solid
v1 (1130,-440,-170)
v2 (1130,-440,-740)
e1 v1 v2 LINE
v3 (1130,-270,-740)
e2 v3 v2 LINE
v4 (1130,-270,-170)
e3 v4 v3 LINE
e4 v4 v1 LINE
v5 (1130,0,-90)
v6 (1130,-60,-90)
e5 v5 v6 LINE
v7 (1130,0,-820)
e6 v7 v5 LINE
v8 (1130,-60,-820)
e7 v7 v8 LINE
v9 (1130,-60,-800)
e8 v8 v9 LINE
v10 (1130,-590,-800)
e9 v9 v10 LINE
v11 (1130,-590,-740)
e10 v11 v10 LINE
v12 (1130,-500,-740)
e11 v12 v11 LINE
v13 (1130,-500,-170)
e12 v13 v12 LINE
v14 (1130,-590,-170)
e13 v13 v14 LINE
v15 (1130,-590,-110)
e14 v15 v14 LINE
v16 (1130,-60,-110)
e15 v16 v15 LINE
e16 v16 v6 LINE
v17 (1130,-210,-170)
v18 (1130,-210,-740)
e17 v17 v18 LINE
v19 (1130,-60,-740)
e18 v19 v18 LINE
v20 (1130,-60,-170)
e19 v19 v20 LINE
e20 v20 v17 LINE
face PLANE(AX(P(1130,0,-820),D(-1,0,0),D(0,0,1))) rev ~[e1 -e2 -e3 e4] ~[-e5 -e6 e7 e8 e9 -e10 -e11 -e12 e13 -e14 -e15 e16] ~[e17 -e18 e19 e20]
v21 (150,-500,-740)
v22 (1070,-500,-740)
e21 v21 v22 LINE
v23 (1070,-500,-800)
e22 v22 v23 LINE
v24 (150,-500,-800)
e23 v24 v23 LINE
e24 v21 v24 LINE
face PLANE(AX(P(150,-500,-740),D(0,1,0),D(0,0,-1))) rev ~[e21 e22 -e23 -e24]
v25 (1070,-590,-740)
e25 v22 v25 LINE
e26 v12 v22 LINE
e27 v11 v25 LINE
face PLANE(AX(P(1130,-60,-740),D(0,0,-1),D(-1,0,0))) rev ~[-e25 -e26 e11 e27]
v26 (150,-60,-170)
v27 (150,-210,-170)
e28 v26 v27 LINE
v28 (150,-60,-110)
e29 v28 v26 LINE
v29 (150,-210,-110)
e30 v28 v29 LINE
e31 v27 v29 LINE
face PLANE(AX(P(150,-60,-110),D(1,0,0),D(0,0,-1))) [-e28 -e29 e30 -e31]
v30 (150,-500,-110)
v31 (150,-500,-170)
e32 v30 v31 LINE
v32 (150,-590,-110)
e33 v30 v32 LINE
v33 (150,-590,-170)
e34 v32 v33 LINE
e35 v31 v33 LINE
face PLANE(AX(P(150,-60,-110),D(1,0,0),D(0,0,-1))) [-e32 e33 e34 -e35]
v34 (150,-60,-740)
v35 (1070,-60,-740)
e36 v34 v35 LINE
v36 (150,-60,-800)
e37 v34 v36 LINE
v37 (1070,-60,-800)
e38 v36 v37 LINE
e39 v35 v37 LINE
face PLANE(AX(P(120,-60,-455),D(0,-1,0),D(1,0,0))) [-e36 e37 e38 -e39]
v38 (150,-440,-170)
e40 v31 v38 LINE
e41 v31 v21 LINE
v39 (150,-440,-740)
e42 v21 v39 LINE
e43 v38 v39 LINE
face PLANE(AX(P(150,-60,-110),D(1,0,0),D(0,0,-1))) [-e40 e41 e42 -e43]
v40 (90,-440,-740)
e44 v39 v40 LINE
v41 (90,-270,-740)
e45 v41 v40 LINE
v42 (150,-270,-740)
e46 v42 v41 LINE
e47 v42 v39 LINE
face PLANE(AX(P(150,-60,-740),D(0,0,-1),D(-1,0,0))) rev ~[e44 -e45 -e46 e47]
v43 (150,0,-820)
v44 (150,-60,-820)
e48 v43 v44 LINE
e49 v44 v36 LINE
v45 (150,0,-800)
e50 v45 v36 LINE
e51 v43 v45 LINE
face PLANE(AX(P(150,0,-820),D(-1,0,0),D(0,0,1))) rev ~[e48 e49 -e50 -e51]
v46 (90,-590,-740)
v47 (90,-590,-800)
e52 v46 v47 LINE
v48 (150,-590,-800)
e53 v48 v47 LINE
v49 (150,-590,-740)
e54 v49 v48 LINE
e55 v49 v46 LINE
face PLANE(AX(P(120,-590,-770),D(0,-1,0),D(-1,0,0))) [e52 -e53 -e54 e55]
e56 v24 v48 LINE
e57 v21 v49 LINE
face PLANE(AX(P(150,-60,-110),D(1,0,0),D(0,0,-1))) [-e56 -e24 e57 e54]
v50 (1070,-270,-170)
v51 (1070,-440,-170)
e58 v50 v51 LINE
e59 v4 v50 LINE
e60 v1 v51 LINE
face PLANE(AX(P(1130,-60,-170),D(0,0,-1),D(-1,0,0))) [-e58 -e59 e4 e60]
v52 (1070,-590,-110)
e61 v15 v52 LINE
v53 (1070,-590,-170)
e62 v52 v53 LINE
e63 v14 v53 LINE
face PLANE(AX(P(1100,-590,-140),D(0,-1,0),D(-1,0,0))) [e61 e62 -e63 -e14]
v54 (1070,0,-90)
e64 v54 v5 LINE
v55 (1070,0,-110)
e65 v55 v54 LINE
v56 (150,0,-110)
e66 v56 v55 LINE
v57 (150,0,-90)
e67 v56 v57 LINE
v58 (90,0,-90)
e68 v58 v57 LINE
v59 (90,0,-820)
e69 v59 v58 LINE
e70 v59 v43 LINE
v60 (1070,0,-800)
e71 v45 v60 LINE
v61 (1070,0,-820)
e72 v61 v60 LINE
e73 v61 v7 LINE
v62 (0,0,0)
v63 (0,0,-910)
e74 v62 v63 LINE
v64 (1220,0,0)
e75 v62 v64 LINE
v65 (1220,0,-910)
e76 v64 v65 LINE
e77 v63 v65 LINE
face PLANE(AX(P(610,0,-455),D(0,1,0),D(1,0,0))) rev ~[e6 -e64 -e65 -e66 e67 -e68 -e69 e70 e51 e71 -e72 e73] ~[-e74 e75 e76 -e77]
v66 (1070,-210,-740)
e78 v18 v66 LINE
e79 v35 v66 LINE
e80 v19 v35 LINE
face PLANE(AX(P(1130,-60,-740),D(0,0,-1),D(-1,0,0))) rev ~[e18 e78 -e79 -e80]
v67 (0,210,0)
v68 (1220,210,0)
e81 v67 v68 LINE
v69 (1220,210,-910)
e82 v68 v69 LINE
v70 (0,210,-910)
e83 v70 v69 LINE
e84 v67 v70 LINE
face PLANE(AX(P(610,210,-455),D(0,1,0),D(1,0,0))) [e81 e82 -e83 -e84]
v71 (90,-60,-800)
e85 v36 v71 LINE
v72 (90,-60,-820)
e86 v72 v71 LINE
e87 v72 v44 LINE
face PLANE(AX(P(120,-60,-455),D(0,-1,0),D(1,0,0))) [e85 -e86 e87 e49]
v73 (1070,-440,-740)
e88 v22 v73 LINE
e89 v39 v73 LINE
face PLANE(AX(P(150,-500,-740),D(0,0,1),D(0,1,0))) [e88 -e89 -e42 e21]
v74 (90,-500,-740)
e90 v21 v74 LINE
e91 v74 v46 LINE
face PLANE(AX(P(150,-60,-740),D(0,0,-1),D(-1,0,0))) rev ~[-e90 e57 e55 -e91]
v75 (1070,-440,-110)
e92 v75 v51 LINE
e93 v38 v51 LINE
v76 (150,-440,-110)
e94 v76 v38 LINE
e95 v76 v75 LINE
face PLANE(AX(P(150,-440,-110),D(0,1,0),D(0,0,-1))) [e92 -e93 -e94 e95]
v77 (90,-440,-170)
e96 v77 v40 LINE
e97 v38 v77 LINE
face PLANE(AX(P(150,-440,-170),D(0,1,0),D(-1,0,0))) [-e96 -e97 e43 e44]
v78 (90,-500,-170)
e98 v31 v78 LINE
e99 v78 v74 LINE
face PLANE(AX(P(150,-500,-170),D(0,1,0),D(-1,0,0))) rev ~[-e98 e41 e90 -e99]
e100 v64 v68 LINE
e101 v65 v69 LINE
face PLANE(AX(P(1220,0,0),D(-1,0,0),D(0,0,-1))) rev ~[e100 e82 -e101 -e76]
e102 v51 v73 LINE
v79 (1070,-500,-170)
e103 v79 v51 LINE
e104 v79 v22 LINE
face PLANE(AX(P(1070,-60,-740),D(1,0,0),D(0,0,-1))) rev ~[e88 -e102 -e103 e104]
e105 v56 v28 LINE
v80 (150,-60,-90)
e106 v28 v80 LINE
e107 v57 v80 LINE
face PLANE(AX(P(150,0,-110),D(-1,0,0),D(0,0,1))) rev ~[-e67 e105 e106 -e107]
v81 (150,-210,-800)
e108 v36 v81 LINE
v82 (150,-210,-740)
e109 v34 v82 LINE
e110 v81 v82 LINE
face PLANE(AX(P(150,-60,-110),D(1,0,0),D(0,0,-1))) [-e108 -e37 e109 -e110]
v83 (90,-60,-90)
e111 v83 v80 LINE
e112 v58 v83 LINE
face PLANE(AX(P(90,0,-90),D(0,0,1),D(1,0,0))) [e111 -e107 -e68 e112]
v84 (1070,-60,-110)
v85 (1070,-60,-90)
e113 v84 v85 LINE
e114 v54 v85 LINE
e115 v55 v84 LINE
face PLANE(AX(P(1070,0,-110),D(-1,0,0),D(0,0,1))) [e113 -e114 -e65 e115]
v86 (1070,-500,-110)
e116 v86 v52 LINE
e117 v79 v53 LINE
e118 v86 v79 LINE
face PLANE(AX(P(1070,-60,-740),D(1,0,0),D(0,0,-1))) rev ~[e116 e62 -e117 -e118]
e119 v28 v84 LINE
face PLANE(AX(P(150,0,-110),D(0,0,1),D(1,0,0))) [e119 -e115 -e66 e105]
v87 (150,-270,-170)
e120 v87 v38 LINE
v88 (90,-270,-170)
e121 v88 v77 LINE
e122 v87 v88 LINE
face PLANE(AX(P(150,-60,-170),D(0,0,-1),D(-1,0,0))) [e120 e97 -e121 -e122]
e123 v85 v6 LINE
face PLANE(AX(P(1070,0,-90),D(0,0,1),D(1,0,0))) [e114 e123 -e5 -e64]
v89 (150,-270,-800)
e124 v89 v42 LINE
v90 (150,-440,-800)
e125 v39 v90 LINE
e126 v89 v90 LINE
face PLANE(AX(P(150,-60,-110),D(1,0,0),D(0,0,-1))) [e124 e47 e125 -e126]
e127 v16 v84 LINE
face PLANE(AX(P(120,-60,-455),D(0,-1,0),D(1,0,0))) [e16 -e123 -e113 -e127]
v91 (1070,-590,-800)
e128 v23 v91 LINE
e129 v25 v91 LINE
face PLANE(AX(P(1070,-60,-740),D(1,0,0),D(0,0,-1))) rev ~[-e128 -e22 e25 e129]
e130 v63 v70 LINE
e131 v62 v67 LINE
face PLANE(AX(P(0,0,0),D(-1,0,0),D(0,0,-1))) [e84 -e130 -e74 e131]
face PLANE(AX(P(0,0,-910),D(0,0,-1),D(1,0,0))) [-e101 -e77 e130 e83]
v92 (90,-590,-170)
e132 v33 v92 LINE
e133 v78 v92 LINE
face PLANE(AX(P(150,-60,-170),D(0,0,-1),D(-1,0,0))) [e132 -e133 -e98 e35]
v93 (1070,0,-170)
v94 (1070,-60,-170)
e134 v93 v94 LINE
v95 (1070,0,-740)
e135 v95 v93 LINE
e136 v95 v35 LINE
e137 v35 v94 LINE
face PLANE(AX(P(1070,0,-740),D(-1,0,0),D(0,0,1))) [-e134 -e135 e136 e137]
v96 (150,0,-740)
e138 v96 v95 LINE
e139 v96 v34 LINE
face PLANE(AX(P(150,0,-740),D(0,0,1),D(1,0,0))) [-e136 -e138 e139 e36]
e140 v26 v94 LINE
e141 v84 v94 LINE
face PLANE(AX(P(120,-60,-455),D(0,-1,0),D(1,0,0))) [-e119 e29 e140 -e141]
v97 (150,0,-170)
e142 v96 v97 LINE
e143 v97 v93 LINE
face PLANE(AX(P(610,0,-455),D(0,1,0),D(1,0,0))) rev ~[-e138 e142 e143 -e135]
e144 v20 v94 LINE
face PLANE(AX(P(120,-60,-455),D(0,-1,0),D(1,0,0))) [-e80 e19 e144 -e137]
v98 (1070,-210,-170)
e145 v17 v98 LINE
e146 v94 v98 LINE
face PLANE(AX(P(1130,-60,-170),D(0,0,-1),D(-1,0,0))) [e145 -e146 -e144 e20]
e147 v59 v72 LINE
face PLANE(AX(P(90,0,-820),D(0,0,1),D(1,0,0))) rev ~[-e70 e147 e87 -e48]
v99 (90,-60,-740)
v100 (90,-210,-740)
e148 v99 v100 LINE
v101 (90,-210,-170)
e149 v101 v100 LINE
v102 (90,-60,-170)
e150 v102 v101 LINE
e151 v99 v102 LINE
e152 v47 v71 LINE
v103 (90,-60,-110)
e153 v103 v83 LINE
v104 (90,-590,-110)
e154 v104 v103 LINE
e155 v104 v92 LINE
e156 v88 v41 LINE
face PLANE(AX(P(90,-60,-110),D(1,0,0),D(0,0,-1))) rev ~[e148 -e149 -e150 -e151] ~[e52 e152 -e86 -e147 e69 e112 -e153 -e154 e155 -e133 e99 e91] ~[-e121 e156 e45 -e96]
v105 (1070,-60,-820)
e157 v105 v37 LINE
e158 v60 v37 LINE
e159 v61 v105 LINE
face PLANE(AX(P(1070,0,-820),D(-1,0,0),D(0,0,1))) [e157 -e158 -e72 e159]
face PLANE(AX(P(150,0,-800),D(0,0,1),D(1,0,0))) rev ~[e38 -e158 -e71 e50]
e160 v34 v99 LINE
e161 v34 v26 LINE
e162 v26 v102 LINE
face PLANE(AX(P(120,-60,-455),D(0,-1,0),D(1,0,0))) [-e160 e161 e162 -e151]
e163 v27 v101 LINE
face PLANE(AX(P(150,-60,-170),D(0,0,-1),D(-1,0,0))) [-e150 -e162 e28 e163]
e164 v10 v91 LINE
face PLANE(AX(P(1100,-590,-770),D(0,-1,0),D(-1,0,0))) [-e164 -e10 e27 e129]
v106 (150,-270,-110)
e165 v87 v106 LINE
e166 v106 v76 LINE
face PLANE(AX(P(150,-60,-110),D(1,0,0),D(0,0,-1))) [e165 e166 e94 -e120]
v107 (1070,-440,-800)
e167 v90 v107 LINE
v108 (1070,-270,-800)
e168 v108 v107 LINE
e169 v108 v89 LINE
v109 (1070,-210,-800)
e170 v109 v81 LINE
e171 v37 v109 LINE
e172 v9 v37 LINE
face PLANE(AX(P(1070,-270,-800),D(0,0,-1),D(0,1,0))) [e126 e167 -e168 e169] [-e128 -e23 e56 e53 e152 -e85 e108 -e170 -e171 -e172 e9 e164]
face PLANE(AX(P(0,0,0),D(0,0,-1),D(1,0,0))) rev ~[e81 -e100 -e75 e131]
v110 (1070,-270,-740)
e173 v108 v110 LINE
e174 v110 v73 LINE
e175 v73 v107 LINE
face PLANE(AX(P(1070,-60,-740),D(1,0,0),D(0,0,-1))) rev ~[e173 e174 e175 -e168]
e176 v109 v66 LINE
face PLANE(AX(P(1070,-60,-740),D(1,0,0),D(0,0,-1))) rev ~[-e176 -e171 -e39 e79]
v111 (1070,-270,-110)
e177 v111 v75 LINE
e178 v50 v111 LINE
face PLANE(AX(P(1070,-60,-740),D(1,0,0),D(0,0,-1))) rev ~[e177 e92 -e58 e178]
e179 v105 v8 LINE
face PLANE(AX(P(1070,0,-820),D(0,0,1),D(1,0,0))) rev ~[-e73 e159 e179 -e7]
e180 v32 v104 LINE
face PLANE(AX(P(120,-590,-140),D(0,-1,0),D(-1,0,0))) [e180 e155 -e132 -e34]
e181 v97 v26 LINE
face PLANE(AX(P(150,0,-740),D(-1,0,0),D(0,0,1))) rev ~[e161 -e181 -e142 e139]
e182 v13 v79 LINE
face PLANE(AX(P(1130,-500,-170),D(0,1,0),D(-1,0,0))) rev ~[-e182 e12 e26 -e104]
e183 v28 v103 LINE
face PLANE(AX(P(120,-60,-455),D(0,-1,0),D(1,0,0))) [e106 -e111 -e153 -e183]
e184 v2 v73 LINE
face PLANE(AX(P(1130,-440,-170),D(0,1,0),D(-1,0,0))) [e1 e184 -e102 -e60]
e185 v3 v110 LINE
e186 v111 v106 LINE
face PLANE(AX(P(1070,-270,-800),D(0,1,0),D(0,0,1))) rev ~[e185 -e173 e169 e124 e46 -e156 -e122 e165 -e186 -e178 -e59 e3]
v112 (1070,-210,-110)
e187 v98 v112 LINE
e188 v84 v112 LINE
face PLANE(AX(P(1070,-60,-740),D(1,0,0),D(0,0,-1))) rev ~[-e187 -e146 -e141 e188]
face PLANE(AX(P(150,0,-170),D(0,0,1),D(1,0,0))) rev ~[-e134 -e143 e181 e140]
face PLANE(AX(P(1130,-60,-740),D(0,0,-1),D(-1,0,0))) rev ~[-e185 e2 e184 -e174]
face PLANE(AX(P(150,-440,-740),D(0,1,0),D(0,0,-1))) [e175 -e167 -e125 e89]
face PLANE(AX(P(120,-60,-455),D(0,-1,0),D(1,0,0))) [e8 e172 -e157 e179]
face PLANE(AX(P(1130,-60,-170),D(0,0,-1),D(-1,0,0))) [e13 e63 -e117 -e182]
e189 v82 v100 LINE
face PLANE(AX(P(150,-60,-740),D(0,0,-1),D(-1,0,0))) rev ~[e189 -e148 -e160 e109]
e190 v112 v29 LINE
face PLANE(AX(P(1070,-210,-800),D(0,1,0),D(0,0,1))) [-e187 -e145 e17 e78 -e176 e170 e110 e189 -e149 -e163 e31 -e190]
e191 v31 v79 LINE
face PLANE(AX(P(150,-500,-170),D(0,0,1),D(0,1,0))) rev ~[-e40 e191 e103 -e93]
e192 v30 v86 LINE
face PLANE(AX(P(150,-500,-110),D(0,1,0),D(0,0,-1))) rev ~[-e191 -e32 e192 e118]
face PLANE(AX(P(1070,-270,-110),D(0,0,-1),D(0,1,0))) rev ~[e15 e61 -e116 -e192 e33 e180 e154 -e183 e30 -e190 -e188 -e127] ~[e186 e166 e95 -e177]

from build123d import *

# Parameters (mm, degrees)
SKETCH_1_W      = 1220
SKETCH_1_H      = 910
EXTRUDE_1_DEPTH = 210
SKETCH_2_W      = 60
SKETCH_2_H      = 730
SKETCH_2_W_2    = 920
SKETCH_2_H_2    = 60
EXTRUDE_2_DEPTH = 60
SKETCH_3_W      = 60
SKETCH_3_H      = 60
EXTRUDE_3_DEPTH = 530
EXTRUDE_4_REACH = 1546.053
SKETCH_4_W      = 60
SKETCH_4_H      = 60
EXTRUDE_5_REACH = 1525.516
SKETCH_5_W      = 60
SKETCH_5_H      = 60
SKETCH_6_W      = 690
SKETCH_6_H      = 60
EXTRUDE_7_DEPTH = 980


with BuildPart() as part:
    # ｽｹｯﾁ1 → ﾎﾞｽ - 押し出し1 (new body)
    with BuildSketch(Plane(origin=(0, 0, 0), x_dir=(1, 0, 0), z_dir=(0, 1, 0))):
        with Locations((610, 455)):
            Rectangle(SKETCH_1_W, SKETCH_1_H)
    extrude(amount=EXTRUDE_1_DEPTH)

    # ｽｹｯﾁ2 → ﾎﾞｽ - 押し出し2 (add)
    with BuildSketch(Plane.XZ):
        with Locations((120, -455)):
            Rectangle(SKETCH_2_W, SKETCH_2_H)
        with Locations((610, -140)):
            Rectangle(SKETCH_2_W_2, SKETCH_2_H_2)
        with Locations((610, -770)):
            Rectangle(SKETCH_2_W_2, SKETCH_2_H_2)
        with Locations((1100, -455)):
            Rectangle(SKETCH_2_W, SKETCH_2_H)
    extrude(amount=EXTRUDE_2_DEPTH)

    # ｽｹｯﾁ3 → ﾎﾞｽ - 押し出し3 (add)
    with BuildSketch(Plane(origin=(0, -60, 0), x_dir=(-1, 0, 0), z_dir=(0, -1, 0))):
        with Locations((-120, 140)):
            Rectangle(SKETCH_3_W, SKETCH_3_H)
        with Locations((-1100, 140)):
            Rectangle(SKETCH_3_W, SKETCH_3_H)
        with Locations((-1100, 770)):
            Rectangle(SKETCH_3_W, SKETCH_3_H)
        with Locations((-120, 770)):
            Rectangle(SKETCH_3_W, SKETCH_3_H)
    extrude(amount=EXTRUDE_3_DEPTH)

    # ｽｹｯﾁ4 → ﾎﾞｽ - 押し出し4 (add, up to next)
    with BuildSketch(Plane(origin=(0, 0, -170), x_dir=(-1, 0, 0), z_dir=(0, 0, -1)), mode=Mode.PRIVATE) as extrude_4_sk1:
        with Locations((-120, -470)):
            Rectangle(SKETCH_4_W, SKETCH_4_H)
    extrude_4_tool1 = extrude(extrude_4_sk1.sketch, amount=EXTRUDE_4_REACH, mode=Mode.PRIVATE) - part.part
    # ｽｹｯﾁ4 → ﾎﾞｽ - 押し出し4 (add, up to next)
    with BuildSketch(Plane(origin=(0, 0, -170), x_dir=(-1, 0, 0), z_dir=(0, 0, -1)), mode=Mode.PRIVATE) as extrude_4_sk2:
        with Locations((-120, -240)):
            Rectangle(SKETCH_4_W, SKETCH_4_H)
    extrude_4_tool2 = extrude(extrude_4_sk2.sketch, amount=EXTRUDE_4_REACH, mode=Mode.PRIVATE) - part.part
    # ｽｹｯﾁ4 → ﾎﾞｽ - 押し出し4 (add, up to next)
    with BuildSketch(Plane(origin=(0, 0, -170), x_dir=(-1, 0, 0), z_dir=(0, 0, -1)), mode=Mode.PRIVATE) as extrude_4_sk3:
        with Locations((-1100, -240)):
            Rectangle(SKETCH_4_W, SKETCH_4_H)
    extrude_4_tool3 = extrude(extrude_4_sk3.sketch, amount=EXTRUDE_4_REACH, mode=Mode.PRIVATE) - part.part
    # ｽｹｯﾁ4 → ﾎﾞｽ - 押し出し4 (add, up to next)
    with BuildSketch(Plane(origin=(0, 0, -170), x_dir=(-1, 0, 0), z_dir=(0, 0, -1)), mode=Mode.PRIVATE) as extrude_4_sk4:
        with Locations((-1100, -470)):
            Rectangle(SKETCH_4_W, SKETCH_4_H)
    extrude_4_tool4 = extrude(extrude_4_sk4.sketch, amount=EXTRUDE_4_REACH, mode=Mode.PRIVATE) - part.part
    add(extrude_4_tool1.solids().sort_by_distance((120, -470, -170))[0])
    add(extrude_4_tool2.solids().sort_by_distance((120, -240, -170))[0])
    add(extrude_4_tool3.solids().sort_by_distance((1100, -240, -170))[0])
    add(extrude_4_tool4.solids().sort_by_distance((1100, -470, -170))[0])

    # ｽｹｯﾁ5 → ﾎﾞｽ - 押し出し5 (add, up to next)
    with BuildSketch(Plane(origin=(150, 0, 0), x_dir=(0, 0, -1), z_dir=(1, 0, 0)), mode=Mode.PRIVATE) as extrude_5_sk1:
        with Locations((770, -470)):
            Rectangle(SKETCH_5_W, SKETCH_5_H)
    extrude_5_tool1 = extrude(extrude_5_sk1.sketch, amount=EXTRUDE_5_REACH, mode=Mode.PRIVATE) - part.part
    # ｽｹｯﾁ5 → ﾎﾞｽ - 押し出し5 (add, up to next)
    with BuildSketch(Plane(origin=(150, 0, 0), x_dir=(0, 0, -1), z_dir=(1, 0, 0)), mode=Mode.PRIVATE) as extrude_5_sk2:
        with Locations((140, -470)):
            Rectangle(SKETCH_5_W, SKETCH_5_H)
    extrude_5_tool2 = extrude(extrude_5_sk2.sketch, amount=EXTRUDE_5_REACH, mode=Mode.PRIVATE) - part.part
    add(extrude_5_tool1.solids().sort_by_distance((150, -470, -770))[0])
    add(extrude_5_tool2.solids().sort_by_distance((150, -470, -140))[0])

    # ｽｹｯﾁ6 → ﾎﾞｽ - 押し出し7 (add)
    with BuildSketch(Plane.ZY.offset(-1070)):
        with Locations((-455, -240)):
            Rectangle(SKETCH_6_W, SKETCH_6_H)
    extrude(amount=EXTRUDE_7_DEPTH)


solid = part.part
